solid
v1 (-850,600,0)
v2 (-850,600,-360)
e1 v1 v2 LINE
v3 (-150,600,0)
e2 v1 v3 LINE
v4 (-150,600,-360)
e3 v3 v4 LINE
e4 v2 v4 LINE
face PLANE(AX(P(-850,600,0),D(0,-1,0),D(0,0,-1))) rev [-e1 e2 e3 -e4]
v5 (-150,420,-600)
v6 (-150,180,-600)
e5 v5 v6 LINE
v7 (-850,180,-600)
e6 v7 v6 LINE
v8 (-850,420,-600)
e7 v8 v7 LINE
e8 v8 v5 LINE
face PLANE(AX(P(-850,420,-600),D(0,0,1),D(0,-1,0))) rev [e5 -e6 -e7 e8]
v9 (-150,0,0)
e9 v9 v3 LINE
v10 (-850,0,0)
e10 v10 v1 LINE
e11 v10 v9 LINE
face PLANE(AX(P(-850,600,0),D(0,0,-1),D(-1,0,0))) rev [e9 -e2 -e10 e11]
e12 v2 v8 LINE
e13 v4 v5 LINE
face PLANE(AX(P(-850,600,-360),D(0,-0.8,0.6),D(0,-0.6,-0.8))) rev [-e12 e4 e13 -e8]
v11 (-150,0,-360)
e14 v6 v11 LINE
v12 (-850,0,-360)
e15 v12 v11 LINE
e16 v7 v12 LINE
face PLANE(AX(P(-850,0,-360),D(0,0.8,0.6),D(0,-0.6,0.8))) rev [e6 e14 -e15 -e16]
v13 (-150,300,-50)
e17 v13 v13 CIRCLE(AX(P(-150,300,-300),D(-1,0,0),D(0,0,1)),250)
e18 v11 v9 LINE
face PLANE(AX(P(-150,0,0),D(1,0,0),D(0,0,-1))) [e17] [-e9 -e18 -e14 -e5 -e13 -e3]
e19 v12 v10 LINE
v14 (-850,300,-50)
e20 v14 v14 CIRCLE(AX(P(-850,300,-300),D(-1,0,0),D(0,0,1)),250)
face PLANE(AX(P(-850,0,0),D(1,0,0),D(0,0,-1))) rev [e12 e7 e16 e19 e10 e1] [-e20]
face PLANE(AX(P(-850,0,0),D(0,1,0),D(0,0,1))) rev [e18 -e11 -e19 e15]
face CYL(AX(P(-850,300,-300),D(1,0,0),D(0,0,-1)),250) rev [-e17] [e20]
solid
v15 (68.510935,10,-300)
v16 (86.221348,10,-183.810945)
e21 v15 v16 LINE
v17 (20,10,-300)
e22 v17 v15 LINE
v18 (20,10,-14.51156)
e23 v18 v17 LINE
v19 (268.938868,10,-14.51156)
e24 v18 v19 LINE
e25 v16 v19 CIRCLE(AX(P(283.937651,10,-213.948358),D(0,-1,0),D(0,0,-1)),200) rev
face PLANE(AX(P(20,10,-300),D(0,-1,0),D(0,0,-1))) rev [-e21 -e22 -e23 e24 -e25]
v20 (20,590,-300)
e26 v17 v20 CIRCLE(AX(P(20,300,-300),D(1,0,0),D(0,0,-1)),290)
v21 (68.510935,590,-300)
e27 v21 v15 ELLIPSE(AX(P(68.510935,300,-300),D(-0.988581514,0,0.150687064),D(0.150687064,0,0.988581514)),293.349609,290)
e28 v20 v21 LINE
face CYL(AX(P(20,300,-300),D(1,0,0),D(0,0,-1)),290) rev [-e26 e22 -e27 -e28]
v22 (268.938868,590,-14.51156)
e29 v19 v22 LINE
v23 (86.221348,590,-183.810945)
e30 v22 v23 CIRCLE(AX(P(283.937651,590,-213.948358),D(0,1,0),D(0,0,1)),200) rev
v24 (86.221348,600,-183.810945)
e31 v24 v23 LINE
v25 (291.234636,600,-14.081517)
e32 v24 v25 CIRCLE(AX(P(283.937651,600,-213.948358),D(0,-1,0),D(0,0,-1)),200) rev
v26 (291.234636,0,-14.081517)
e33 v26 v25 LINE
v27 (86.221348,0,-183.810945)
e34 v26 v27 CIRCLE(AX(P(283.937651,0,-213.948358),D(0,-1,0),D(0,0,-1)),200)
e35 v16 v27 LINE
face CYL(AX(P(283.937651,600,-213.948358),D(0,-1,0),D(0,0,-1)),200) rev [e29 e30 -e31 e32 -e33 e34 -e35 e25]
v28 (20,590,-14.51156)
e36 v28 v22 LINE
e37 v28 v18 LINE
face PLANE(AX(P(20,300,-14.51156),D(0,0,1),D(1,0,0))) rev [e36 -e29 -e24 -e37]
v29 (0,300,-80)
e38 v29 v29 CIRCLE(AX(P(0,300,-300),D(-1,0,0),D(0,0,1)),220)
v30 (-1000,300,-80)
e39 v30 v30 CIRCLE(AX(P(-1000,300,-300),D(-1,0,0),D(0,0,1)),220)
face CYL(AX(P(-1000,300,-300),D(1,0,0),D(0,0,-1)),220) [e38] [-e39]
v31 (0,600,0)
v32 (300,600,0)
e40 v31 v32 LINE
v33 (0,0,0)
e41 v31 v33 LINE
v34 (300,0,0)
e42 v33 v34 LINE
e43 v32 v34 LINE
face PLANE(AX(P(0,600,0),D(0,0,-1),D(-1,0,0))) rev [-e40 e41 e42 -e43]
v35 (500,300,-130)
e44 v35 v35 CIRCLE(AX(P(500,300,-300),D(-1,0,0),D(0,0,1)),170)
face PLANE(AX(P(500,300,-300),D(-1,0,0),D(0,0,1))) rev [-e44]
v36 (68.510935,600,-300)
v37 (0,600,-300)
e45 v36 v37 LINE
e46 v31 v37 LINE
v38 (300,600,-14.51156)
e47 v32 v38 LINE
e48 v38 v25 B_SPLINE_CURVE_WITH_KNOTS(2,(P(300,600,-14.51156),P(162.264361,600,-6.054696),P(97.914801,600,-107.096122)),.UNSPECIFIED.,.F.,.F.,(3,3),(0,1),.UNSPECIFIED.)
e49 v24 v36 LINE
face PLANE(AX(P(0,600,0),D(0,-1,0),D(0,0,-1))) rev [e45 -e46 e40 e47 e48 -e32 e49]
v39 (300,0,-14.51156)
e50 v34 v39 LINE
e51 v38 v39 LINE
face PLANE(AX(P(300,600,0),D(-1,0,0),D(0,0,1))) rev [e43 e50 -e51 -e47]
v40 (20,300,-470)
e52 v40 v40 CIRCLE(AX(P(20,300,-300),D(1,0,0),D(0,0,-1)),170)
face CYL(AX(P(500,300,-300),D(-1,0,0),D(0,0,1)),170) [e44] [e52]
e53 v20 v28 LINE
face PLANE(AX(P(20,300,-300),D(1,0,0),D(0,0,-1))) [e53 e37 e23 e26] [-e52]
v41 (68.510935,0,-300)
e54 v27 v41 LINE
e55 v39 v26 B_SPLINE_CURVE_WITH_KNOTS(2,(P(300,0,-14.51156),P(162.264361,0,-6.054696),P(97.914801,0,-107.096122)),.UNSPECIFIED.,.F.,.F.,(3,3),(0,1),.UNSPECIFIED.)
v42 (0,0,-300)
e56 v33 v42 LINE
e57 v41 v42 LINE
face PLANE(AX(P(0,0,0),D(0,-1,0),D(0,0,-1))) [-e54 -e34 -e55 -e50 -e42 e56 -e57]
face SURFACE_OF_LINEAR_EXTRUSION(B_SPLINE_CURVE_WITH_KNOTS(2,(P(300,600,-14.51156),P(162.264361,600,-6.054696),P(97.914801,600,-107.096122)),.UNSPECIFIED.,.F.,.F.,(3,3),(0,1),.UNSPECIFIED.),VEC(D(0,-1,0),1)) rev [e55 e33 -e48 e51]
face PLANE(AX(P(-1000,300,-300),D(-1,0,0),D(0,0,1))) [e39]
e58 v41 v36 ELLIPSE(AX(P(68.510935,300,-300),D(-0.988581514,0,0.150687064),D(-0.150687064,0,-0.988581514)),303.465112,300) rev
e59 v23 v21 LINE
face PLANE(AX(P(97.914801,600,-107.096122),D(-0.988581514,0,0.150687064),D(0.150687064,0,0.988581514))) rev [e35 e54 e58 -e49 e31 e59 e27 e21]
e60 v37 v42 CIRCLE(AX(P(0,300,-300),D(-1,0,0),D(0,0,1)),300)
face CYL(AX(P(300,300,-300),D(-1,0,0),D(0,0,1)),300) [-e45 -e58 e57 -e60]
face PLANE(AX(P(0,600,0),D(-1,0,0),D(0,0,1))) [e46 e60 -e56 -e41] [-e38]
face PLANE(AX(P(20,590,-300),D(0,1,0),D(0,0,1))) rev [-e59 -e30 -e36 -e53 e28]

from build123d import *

# Parameters (mm, degrees)
SKETCH1_W           = 300
SKETCH1_H           = 600
BOSS_EXTRUDE1_DEPTH = 600
SKETCH3_OUTSIDE_W   = 782
SKETCH3_OUTSIDE_H   = 782
CUT_EXTRUDE1_DEPTH  = 901
CUT_EXTRUDE2_DEPTH  = 901
FILLET1_R           = 200
SKETCH5_R           = 220
BOSS_EXTRUDE2_DEPTH = 1000
SKETCH6_R           = 170
BOSS_EXTRUDE3_DEPTH = 500
CUT_EXTRUDE3_START  = -280
SKETCH7_R           = 170
CUT_EXTRUDE3_DEPTH  = 280
SKETCH8_R           = 250
BOSS_EXTRUDE4_DEPTH = 700


with BuildPart() as part:
    # Sketch1 → Boss-Extrude1 (new body)
    with BuildSketch(Plane(origin=(0, 0, 0), x_dir=(1, 0, 0), z_dir=(0, 1, 0))):
        with Locations((150, 300)):
            Rectangle(SKETCH1_W, SKETCH1_H)
    extrude(amount=BOSS_EXTRUDE1_DEPTH)

    # Sketch3 outside → Cut-Extrude1 (cut, through all)
    with BuildSketch(Plane.ZY):
        with Locations((-300, 300)):
            Rectangle(SKETCH3_OUTSIDE_W, SKETCH3_OUTSIDE_H)
        with BuildLine():
            Line((0, 600), (-300, 600))
            ThreePointArc((-300, 600), (-600, 300), (-300, 0))
            Line((-300, 0), (0, 0))
            Line((0, 0), (0, 600))
        make_face(mode=Mode.SUBTRACT)
    extrude(amount=-CUT_EXTRUDE1_DEPTH, mode=Mode.SUBTRACT)

    # Sketch4 → Cut-Extrude2 (cut, through all)
    with BuildSketch(Plane.XZ):
        with BuildLine():
            Line((97.914801383, -107.096121744), (22.782668077, -600))
            Line((22.782668077, -600), (300, -600))
            Line((300, -600), (300, -14.511559599))
            add(Edge.make_bspline(
                [(300, -14.511559599), (162.264361077, -6.054695984), (97.914801383, -107.096121744)],
                knots=[0, 0, 0, 1, 1, 1], degree=2))
        make_face()
    extrude(amount=-CUT_EXTRUDE2_DEPTH, mode=Mode.SUBTRACT)

    # Fillet1
    fillet1_edges = [part.edges().sort_by_distance(p)[0] for p in [
        (97.914801383, 300, -107.096121744),
    ]]
    fillet(fillet1_edges, radius=FILLET1_R)

    # Sketch5 → Boss-Extrude2 (add)
    with BuildSketch(Plane.ZY):
        with Locations((-300, 300)):
            Circle(SKETCH5_R)
    extrude(amount=BOSS_EXTRUDE2_DEPTH)

    # Sketch6 → Boss-Extrude3 (add)
    with BuildSketch(Plane.ZY):
        with Locations((-300, 300)):
            Circle(SKETCH6_R)
    extrude(amount=-BOSS_EXTRUDE3_DEPTH)

    # Sketch7 → Cut-Extrude3 (cut)
    with BuildSketch(Plane(origin=(300, 0, 0), x_dir=(0, 0, -1), z_dir=(1, 0, 0)).offset(CUT_EXTRUDE3_START)):
        with BuildLine():
            Line((300, 590), (14.511559599, 590))
            Line((14.511559599, 590), (14.511559599, 300))
            Line((14.511559599, 300), (14.511559599, 10))
            Line((14.511559599, 10), (300, 10))
            ThreePointArc((300, 10), (590, 300), (300, 590))
        make_face()
        with Locations(Location((300, 300, 0), (0, 0, 180))):
            Circle(SKETCH7_R, mode=Mode.SUBTRACT)
    extrude(amount=CUT_EXTRUDE3_DEPTH, mode=Mode.SUBTRACT)


with BuildPart() as body_2:
    # Sketch8 → Boss-Extrude4 (new body)
    with BuildSketch(Plane.ZY.offset(150)):
        Polygon((-360, 600), (-600, 420), (-600, 180), (-360, 0), (0, 0), (0, 600), align=None)
        with Locations((-300, 300)):
            Circle(SKETCH8_R, mode=Mode.SUBTRACT)
    extrude(amount=BOSS_EXTRUDE4_DEPTH)


solid = Compound([part.part, body_2.part])
